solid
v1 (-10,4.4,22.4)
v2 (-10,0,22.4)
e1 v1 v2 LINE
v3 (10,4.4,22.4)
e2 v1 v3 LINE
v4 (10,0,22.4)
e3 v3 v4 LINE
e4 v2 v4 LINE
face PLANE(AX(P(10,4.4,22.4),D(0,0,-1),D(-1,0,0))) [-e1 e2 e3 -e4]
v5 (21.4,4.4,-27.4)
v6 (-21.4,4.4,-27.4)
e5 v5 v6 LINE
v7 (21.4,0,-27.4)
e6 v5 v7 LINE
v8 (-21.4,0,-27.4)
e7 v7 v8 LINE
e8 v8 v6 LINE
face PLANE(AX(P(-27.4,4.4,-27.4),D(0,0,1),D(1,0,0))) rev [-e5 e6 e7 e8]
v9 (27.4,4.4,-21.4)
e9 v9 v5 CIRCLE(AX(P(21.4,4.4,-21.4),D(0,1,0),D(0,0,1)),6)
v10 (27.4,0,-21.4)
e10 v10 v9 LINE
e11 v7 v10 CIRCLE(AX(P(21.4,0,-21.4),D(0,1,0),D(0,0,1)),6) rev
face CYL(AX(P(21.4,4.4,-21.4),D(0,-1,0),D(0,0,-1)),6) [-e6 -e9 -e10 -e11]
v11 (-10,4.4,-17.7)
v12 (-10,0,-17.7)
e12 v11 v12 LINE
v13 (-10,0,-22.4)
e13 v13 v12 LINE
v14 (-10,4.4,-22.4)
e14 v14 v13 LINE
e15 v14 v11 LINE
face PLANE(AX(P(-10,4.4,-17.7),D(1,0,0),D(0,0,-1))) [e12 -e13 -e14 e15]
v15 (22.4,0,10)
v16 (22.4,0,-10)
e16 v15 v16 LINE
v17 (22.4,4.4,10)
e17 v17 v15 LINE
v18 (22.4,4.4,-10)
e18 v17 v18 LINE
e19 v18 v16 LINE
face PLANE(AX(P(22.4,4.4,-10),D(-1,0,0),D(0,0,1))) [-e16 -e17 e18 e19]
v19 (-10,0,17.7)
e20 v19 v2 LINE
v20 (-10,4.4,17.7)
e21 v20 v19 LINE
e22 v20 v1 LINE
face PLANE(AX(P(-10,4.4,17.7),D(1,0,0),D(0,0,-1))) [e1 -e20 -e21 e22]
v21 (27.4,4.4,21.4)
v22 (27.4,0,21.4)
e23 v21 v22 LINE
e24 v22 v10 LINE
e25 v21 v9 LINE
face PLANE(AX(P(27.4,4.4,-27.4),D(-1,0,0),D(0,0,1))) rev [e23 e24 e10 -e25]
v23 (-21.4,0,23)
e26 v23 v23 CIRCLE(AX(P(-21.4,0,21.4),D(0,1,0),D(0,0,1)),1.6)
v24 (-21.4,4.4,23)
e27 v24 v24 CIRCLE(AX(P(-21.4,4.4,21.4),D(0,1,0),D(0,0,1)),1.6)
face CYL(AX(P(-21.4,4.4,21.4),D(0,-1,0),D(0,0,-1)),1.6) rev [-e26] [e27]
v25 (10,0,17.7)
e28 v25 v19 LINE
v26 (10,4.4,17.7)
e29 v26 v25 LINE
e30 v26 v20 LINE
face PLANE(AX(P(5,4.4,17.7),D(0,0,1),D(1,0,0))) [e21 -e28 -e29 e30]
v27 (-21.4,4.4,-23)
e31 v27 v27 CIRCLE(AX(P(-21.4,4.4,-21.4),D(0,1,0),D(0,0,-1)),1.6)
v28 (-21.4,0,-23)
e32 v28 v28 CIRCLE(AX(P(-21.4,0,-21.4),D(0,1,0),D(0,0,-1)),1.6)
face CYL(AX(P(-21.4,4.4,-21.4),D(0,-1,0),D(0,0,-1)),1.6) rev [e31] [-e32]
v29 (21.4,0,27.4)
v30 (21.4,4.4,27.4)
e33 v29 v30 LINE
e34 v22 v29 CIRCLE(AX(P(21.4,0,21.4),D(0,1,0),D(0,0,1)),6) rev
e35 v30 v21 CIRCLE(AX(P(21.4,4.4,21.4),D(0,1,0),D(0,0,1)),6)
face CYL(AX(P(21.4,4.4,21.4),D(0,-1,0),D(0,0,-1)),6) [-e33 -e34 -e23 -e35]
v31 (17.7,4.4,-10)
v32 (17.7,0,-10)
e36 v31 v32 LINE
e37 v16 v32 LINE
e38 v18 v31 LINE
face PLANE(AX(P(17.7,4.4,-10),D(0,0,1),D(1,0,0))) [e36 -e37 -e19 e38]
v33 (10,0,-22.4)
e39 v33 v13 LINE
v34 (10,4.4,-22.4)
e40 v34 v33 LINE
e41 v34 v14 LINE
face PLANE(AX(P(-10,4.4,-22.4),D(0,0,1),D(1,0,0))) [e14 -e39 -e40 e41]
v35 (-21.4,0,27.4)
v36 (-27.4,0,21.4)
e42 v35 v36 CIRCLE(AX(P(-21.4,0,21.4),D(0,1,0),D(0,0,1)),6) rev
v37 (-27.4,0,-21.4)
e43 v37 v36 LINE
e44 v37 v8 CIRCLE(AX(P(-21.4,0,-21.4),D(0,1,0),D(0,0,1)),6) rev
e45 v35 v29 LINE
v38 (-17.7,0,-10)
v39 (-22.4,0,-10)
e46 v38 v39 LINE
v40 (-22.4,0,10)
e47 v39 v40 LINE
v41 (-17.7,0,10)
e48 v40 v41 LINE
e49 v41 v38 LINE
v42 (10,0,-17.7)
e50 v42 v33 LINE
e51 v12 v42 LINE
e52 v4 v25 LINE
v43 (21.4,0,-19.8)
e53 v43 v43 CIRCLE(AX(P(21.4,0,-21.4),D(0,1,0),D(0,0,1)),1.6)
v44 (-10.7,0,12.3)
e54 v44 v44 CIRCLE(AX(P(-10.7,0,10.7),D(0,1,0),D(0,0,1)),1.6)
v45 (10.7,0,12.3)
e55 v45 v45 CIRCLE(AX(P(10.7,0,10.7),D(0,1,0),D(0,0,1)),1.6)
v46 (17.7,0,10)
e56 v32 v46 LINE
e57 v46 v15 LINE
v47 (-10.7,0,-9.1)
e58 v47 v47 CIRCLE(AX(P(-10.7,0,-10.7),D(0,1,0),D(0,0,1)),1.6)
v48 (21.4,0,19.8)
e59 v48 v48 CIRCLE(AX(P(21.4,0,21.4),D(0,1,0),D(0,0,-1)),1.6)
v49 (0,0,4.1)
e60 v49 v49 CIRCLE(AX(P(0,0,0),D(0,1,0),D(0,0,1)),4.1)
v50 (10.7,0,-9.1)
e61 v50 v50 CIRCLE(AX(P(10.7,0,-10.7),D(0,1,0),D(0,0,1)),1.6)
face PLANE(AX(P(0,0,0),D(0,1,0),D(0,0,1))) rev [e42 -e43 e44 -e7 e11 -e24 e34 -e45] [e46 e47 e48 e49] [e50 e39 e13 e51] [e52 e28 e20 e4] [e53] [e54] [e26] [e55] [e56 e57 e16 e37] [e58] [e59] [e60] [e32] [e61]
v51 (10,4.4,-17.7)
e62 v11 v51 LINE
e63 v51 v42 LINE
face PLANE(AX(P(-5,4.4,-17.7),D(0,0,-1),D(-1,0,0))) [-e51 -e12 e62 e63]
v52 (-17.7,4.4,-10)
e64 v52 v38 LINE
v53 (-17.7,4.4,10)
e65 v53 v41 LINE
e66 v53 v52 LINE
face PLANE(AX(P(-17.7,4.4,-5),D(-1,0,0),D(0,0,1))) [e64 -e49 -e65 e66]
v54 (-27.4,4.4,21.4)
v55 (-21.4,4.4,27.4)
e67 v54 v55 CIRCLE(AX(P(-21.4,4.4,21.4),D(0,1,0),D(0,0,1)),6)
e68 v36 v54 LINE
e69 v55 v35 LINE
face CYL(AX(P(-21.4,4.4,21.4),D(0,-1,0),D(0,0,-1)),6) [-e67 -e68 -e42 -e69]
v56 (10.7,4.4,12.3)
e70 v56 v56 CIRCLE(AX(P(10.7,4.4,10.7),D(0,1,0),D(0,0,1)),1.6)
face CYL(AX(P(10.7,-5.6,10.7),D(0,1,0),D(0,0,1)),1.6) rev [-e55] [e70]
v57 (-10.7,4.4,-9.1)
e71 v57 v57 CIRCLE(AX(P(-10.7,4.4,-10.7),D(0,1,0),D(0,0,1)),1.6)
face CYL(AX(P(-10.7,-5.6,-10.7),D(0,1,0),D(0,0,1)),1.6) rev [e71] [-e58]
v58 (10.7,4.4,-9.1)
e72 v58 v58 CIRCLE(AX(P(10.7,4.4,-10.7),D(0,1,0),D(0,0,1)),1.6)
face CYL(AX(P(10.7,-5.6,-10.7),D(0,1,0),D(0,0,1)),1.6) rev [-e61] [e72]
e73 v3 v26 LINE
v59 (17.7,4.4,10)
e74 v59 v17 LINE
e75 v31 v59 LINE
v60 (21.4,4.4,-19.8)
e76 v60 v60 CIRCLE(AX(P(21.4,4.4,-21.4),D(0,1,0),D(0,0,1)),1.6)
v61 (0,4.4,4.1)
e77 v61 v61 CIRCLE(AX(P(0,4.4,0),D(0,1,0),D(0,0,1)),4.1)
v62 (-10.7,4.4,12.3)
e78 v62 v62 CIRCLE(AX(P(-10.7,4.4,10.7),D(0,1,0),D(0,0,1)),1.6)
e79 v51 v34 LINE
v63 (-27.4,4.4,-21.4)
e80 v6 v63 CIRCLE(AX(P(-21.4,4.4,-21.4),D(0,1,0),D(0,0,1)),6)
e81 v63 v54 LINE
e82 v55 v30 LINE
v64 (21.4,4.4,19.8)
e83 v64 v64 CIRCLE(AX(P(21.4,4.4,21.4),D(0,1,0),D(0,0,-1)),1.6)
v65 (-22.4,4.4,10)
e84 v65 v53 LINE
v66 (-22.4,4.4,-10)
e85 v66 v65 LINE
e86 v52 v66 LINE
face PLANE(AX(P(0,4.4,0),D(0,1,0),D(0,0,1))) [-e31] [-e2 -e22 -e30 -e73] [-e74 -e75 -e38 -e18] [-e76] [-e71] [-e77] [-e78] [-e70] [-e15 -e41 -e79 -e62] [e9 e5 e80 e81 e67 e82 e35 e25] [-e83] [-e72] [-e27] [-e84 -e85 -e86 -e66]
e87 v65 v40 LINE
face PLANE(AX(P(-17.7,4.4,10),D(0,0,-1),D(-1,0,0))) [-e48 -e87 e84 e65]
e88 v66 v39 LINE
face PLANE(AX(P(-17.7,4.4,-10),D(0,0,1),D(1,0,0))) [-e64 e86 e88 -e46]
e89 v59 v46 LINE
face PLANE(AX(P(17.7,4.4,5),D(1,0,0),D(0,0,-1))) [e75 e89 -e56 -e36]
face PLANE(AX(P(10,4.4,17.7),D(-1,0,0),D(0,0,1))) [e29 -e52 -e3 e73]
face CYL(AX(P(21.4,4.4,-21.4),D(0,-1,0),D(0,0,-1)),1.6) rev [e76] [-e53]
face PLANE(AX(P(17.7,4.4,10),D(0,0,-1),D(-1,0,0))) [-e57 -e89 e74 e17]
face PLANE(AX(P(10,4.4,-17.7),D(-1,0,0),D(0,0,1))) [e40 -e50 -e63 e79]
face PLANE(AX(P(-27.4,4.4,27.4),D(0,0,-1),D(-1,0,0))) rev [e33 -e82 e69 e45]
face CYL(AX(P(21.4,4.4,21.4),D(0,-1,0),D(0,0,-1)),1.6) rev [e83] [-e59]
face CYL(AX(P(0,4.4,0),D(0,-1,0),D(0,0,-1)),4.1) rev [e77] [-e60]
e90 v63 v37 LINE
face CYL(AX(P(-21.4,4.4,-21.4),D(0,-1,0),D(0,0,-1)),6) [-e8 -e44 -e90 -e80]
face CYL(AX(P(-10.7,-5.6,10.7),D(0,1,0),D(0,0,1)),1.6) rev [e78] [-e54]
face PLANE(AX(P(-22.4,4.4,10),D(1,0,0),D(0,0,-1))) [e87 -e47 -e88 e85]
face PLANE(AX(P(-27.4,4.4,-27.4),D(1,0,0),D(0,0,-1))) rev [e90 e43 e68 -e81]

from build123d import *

# Parameters (mm, degrees)
SKETCH_1_W          = 54.8
SKETCH_1_H          = 54.8
SKETCH_1_R          = 4.1
SKETCH_1_R_2        = 1.6
EXTRUDE_1_DEPTH     = 4.4
FILLET_1_R          = 6
SKETCH_2_R          = 1.6
CUT_EXTRUDE_1_DEPTH = 10


with BuildPart() as part:
    # 草图1 → 凸台-拉伸1 (new body)
    with BuildSketch(Plane(origin=(0, 0, 0), x_dir=(1, 0, 0), z_dir=(0, 1, 0))):
        Rectangle(SKETCH_1_W, SKETCH_1_H)
        Circle(SKETCH_1_R, mode=Mode.SUBTRACT)
        with Locations((21.4, 21.4)):
            Circle(SKETCH_1_R_2, mode=Mode.SUBTRACT)
        with Locations((21.4, -21.4)):
            Circle(SKETCH_1_R_2, mode=Mode.SUBTRACT)
        with Locations((-21.4, -21.4)):
            Circle(SKETCH_1_R_2, mode=Mode.SUBTRACT)
        with Locations((-21.4, 21.4)):
            Circle(SKETCH_1_R_2, mode=Mode.SUBTRACT)
        Polygon((17.7, -5), (17.7, 5), (17.7, 10), (22.4, 10), (22.4, 5), (22.4, -5), (22.4, -10), (17.7, -10), align=None, mode=Mode.SUBTRACT)
        Polygon((-5, 17.7), (-10, 17.7), (-10, 22.4), (-5, 22.4), (5, 22.4), (10, 22.4), (10, 17.7), (5, 17.7), align=None, mode=Mode.SUBTRACT)
        Polygon((5, -17.7), (10, -17.7), (10, -22.4), (5, -22.4), (-5, -22.4), (-10, -22.4), (-10, -17.7), (-5, -17.7), align=None, mode=Mode.SUBTRACT)
        Polygon((-17.7, 5), (-17.7, -5), (-17.7, -10), (-22.4, -10), (-22.4, -5), (-22.4, 5), (-22.4, 10), (-17.7, 10), align=None, mode=Mode.SUBTRACT)
    extrude(amount=EXTRUDE_1_DEPTH)

    # 圆角1
    fillet_1_edges = [part.edges().sort_by_distance(p)[0] for p in [
        (27.4, 2.2, 27.4),
        (-27.4, 2.2, 27.4),
        (-27.4, 2.2, -27.4),
        (27.4, 2.2, -27.4),
    ]]
    fillet(fillet_1_edges, radius=FILLET_1_R)

    # 草图2 → 切除-拉伸1 (cut)
    with BuildSketch(Plane(origin=(0, 4.4, 0), x_dir=(1, 0, 0), z_dir=(0, 1, 0))):
        with Locations((10.7, 10.7)):
            Circle(SKETCH_2_R)
        with Locations((10.7, -10.7)):
            Circle(SKETCH_2_R)
        with Locations((-10.7, -10.7)):
            Circle(SKETCH_2_R)
        with Locations((-10.7, 10.7)):
            Circle(SKETCH_2_R)
    extrude(amount=-CUT_EXTRUDE_1_DEPTH, mode=Mode.SUBTRACT)


solid = part.part
